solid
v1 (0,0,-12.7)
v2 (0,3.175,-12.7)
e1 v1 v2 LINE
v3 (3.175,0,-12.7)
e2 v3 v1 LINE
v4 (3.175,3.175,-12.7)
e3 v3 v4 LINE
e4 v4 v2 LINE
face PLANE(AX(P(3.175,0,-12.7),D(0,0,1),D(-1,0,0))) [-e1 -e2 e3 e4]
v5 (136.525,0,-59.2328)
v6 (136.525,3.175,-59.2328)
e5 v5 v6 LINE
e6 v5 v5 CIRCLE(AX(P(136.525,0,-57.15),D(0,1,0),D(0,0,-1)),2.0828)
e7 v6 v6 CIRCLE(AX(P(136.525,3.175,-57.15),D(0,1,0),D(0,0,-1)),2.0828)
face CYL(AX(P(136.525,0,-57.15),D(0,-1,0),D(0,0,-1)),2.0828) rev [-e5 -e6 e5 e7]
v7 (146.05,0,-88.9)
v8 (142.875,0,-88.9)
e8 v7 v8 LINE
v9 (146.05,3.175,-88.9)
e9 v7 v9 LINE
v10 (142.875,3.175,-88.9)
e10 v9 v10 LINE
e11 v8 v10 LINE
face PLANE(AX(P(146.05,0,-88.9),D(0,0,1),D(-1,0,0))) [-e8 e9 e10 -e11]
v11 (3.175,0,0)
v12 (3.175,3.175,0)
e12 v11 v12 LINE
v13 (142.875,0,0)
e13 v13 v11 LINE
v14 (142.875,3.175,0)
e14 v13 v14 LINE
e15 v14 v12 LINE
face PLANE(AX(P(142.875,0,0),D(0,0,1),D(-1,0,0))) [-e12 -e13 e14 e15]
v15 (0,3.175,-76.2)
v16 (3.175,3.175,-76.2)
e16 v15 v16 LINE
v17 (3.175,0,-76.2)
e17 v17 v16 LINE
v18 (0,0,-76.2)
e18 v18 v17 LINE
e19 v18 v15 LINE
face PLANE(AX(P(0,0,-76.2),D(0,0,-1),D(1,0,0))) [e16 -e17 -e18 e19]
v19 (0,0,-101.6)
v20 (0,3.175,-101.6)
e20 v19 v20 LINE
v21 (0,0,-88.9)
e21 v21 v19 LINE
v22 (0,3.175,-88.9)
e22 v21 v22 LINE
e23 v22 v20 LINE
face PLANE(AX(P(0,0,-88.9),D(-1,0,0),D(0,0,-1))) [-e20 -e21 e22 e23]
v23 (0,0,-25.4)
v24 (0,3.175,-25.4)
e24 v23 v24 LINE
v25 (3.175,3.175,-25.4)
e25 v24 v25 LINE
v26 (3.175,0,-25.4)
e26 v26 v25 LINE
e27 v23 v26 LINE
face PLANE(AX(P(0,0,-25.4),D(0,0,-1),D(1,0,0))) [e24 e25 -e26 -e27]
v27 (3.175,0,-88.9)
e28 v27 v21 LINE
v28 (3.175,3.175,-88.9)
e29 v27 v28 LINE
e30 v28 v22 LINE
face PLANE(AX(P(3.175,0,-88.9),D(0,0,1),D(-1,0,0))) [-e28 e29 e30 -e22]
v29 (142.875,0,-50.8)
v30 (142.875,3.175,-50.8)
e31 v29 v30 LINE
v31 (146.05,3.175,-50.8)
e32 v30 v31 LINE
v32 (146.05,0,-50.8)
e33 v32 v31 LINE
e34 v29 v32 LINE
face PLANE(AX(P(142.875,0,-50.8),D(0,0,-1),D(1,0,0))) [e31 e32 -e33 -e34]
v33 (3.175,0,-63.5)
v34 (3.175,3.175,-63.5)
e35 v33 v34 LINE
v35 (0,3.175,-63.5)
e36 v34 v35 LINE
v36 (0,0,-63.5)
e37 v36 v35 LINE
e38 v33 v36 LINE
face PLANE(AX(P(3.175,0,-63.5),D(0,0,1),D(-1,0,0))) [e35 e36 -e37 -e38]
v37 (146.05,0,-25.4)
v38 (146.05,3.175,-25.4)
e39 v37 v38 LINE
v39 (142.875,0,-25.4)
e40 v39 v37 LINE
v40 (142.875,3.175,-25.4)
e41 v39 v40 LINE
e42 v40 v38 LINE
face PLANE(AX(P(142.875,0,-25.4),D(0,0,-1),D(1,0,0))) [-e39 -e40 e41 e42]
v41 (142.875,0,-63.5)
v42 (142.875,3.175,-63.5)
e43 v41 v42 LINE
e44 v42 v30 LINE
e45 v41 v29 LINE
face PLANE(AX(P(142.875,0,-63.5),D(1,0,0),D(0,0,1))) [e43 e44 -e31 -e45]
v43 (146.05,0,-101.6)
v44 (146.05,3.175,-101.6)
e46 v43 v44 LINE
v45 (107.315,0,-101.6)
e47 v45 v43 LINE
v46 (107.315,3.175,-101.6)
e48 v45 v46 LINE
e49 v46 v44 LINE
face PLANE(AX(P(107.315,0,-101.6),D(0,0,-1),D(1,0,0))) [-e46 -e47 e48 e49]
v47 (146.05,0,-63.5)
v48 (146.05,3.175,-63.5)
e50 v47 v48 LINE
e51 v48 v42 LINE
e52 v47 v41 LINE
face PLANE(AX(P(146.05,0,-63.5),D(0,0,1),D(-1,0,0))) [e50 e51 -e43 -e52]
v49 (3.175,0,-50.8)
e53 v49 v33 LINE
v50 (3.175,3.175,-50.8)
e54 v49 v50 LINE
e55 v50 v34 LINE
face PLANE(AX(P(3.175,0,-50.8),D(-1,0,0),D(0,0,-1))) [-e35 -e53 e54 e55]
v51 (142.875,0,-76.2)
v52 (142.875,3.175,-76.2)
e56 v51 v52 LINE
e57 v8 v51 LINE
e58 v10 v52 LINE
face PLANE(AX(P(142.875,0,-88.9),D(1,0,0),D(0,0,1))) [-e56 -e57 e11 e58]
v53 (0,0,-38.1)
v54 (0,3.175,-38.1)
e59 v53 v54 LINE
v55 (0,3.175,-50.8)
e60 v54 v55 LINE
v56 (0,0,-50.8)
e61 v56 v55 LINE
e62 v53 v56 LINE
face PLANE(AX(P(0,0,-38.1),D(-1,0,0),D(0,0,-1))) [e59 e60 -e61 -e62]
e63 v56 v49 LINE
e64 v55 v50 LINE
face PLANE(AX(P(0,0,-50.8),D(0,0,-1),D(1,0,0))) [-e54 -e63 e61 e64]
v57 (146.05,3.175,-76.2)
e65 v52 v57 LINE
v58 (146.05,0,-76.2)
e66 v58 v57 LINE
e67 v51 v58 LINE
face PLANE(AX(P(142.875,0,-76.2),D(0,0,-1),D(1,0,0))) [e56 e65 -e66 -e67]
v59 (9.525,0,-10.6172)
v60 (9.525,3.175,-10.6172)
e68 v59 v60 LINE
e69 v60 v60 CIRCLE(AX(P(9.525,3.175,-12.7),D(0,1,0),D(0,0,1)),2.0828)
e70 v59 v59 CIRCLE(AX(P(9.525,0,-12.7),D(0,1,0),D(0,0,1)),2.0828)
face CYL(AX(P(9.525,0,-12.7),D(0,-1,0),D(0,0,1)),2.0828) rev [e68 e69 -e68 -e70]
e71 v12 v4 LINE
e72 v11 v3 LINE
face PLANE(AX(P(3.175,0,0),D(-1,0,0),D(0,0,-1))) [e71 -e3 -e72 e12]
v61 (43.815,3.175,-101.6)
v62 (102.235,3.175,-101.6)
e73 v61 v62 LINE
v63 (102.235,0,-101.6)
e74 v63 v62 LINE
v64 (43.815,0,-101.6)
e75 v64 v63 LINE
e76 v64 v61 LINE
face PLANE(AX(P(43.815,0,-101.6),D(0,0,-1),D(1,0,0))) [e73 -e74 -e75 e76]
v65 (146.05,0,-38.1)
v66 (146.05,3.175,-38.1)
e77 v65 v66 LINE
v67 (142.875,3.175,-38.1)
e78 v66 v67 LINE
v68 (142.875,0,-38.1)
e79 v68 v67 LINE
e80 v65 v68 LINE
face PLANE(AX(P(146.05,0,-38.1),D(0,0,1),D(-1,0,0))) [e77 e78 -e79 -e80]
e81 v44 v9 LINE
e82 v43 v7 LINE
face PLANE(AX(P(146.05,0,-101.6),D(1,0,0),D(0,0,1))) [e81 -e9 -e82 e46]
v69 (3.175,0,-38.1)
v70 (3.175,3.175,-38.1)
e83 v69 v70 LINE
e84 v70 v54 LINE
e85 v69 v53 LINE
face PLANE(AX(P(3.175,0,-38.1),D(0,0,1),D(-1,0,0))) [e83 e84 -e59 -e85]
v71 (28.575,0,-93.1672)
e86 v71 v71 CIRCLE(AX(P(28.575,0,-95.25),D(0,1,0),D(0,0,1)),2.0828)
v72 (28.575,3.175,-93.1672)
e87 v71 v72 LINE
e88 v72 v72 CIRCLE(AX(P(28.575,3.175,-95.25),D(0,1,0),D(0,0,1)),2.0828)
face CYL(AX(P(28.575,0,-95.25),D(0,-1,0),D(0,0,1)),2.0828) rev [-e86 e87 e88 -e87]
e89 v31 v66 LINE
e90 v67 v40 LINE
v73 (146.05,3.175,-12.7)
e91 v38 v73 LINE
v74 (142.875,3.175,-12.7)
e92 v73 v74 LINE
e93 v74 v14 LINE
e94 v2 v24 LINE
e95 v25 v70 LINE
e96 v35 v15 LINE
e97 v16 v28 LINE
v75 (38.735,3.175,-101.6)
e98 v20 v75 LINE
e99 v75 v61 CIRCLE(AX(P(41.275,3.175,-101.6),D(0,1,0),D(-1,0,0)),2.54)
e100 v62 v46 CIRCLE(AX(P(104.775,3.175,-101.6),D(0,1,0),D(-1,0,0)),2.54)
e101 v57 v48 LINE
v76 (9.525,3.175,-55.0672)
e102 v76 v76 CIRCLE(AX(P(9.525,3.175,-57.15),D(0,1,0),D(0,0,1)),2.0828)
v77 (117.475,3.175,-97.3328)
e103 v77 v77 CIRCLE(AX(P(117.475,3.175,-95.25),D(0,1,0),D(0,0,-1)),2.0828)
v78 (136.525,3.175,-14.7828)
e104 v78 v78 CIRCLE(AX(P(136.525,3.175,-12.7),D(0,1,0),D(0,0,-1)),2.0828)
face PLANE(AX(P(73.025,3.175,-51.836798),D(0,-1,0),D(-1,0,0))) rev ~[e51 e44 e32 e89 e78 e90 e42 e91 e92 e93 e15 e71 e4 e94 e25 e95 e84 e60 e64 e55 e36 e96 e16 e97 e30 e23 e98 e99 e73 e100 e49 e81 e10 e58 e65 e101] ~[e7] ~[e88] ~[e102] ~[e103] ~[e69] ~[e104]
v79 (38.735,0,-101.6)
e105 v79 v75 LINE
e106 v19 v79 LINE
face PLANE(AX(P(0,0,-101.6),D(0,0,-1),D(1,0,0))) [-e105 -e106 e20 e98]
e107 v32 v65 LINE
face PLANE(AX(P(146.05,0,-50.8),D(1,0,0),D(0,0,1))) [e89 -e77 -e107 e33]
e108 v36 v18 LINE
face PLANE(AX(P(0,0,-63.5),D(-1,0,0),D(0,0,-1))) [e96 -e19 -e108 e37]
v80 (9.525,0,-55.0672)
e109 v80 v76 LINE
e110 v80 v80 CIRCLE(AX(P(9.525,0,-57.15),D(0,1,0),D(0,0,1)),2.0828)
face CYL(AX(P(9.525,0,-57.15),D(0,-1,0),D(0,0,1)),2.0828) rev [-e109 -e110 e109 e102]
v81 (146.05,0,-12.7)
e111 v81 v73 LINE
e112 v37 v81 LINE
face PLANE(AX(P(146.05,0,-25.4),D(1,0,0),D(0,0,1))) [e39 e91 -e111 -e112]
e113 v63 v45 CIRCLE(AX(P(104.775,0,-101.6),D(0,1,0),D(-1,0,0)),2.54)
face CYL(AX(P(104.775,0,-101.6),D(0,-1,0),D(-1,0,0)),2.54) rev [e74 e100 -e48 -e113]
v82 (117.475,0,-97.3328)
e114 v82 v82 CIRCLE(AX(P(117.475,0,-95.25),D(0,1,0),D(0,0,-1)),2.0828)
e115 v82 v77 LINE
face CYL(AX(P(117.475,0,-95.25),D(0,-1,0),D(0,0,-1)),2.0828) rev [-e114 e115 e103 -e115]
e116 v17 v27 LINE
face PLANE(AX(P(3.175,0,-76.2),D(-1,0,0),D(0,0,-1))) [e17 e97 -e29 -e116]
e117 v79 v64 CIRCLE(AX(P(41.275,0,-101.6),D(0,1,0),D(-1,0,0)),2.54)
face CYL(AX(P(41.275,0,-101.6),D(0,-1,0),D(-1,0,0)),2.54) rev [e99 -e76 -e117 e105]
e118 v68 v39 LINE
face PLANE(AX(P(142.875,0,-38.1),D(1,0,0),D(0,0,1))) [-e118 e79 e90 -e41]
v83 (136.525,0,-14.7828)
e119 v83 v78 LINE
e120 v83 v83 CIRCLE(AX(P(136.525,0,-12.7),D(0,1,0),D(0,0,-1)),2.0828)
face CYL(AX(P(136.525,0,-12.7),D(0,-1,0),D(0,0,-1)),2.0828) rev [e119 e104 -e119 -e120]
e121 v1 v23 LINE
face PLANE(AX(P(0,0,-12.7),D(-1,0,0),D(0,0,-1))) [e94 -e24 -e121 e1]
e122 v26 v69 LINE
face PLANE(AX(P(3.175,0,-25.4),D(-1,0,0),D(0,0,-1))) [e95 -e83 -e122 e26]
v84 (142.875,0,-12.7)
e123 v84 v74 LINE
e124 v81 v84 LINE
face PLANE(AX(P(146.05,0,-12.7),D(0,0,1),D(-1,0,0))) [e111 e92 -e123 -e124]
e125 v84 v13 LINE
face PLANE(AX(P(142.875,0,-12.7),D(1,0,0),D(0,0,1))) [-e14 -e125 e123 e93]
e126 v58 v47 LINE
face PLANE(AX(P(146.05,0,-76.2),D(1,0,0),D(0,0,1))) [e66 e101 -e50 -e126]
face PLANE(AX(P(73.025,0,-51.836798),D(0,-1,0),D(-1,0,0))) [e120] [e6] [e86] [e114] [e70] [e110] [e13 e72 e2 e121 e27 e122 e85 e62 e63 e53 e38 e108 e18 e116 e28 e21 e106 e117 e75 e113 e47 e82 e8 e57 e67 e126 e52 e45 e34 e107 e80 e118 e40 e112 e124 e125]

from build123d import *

# Parameters (mm, degrees)
SKETCH2_R           = 2.0828
BOSS_EXTRUDE1_DEPTH = 3.175


with BuildPart() as part:
    # Sketch2 → Boss-Extrude1 (new body)
    with BuildSketch(Plane(origin=(0, 0, 0), x_dir=(1, 0, 0), z_dir=(0, 1, 0))):
        with BuildLine():
            Line((3.175, 0), (3.175, 12.7))
            Line((3.175, 12.7), (0, 12.7))
            Line((0, 12.7), (0, 25.4))
            Line((0, 25.4), (3.175, 25.4))
            Line((3.175, 25.4), (3.175, 38.1))
            Line((3.175, 38.1), (0, 38.1))
            Line((0, 38.1), (0, 50.8))
            Line((0, 50.8), (3.175, 50.8))
            Line((3.175, 50.8), (3.175, 63.5))
            Line((3.175, 63.5), (0, 63.5))
            Line((0, 63.5), (0, 76.2))
            Line((0, 76.2), (3.175, 76.2))
            Line((3.175, 76.2), (3.175, 88.9))
            Line((3.175, 88.9), (0, 88.9))
            Line((0, 88.9), (0, 101.6))
            Line((0, 101.6), (3.175, 101.6))
            Line((3.175, 101.6), (38.735, 101.6))
            ThreePointArc((38.735, 101.6), (41.275, 99.06), (43.815, 101.6))
            Line((43.815, 101.6), (102.235, 101.6))
            ThreePointArc((102.235, 101.6), (104.775, 99.06), (107.315, 101.6))
            Line((107.315, 101.6), (142.875, 101.6))
            Line((142.875, 101.6), (146.05, 101.6))
            Line((146.05, 101.6), (146.05, 88.9))
            Line((146.05, 88.9), (142.875, 88.9))
            Line((142.875, 88.9), (142.875, 76.2))
            Line((142.875, 76.2), (146.05, 76.2))
            Line((146.05, 76.2), (146.05, 63.5))
            Line((146.05, 63.5), (142.875, 63.5))
            Line((142.875, 63.5), (142.875, 50.8))
            Line((142.875, 50.8), (146.05, 50.8))
            Line((146.05, 50.8), (146.05, 38.1))
            Line((146.05, 38.1), (142.875, 38.1))
            Line((142.875, 38.1), (142.875, 25.4))
            Line((142.875, 25.4), (146.05, 25.4))
            Line((146.05, 25.4), (146.05, 12.7))
            Line((146.05, 12.7), (142.875, 12.7))
            Line((142.875, 12.7), (142.875, 0))
            Line((142.875, 0), (3.175, 0))
        make_face()
        with Locations(Location((136.525, 57.15, 0), (0, 0, 90))):
            Circle(SKETCH2_R, mode=Mode.SUBTRACT)
        with Locations(Location((9.525, 12.7, 0), (0, 0, 270))):
            Circle(SKETCH2_R, mode=Mode.SUBTRACT)
        with Locations(Location((9.525, 57.15, 0), (0, 0, 270))):
            Circle(SKETCH2_R, mode=Mode.SUBTRACT)
        with Locations(Location((136.525, 12.7, 0), (0, 0, 90))):
            Circle(SKETCH2_R, mode=Mode.SUBTRACT)
        with Locations(Location((28.575, 95.25, 0), (0, 0, 270))):
            Circle(SKETCH2_R, mode=Mode.SUBTRACT)
        with Locations(Location((117.475, 95.25, 0), (0, 0, 90))):
            Circle(SKETCH2_R, mode=Mode.SUBTRACT)
    extrude(amount=BOSS_EXTRUDE1_DEPTH)


solid = part.part
